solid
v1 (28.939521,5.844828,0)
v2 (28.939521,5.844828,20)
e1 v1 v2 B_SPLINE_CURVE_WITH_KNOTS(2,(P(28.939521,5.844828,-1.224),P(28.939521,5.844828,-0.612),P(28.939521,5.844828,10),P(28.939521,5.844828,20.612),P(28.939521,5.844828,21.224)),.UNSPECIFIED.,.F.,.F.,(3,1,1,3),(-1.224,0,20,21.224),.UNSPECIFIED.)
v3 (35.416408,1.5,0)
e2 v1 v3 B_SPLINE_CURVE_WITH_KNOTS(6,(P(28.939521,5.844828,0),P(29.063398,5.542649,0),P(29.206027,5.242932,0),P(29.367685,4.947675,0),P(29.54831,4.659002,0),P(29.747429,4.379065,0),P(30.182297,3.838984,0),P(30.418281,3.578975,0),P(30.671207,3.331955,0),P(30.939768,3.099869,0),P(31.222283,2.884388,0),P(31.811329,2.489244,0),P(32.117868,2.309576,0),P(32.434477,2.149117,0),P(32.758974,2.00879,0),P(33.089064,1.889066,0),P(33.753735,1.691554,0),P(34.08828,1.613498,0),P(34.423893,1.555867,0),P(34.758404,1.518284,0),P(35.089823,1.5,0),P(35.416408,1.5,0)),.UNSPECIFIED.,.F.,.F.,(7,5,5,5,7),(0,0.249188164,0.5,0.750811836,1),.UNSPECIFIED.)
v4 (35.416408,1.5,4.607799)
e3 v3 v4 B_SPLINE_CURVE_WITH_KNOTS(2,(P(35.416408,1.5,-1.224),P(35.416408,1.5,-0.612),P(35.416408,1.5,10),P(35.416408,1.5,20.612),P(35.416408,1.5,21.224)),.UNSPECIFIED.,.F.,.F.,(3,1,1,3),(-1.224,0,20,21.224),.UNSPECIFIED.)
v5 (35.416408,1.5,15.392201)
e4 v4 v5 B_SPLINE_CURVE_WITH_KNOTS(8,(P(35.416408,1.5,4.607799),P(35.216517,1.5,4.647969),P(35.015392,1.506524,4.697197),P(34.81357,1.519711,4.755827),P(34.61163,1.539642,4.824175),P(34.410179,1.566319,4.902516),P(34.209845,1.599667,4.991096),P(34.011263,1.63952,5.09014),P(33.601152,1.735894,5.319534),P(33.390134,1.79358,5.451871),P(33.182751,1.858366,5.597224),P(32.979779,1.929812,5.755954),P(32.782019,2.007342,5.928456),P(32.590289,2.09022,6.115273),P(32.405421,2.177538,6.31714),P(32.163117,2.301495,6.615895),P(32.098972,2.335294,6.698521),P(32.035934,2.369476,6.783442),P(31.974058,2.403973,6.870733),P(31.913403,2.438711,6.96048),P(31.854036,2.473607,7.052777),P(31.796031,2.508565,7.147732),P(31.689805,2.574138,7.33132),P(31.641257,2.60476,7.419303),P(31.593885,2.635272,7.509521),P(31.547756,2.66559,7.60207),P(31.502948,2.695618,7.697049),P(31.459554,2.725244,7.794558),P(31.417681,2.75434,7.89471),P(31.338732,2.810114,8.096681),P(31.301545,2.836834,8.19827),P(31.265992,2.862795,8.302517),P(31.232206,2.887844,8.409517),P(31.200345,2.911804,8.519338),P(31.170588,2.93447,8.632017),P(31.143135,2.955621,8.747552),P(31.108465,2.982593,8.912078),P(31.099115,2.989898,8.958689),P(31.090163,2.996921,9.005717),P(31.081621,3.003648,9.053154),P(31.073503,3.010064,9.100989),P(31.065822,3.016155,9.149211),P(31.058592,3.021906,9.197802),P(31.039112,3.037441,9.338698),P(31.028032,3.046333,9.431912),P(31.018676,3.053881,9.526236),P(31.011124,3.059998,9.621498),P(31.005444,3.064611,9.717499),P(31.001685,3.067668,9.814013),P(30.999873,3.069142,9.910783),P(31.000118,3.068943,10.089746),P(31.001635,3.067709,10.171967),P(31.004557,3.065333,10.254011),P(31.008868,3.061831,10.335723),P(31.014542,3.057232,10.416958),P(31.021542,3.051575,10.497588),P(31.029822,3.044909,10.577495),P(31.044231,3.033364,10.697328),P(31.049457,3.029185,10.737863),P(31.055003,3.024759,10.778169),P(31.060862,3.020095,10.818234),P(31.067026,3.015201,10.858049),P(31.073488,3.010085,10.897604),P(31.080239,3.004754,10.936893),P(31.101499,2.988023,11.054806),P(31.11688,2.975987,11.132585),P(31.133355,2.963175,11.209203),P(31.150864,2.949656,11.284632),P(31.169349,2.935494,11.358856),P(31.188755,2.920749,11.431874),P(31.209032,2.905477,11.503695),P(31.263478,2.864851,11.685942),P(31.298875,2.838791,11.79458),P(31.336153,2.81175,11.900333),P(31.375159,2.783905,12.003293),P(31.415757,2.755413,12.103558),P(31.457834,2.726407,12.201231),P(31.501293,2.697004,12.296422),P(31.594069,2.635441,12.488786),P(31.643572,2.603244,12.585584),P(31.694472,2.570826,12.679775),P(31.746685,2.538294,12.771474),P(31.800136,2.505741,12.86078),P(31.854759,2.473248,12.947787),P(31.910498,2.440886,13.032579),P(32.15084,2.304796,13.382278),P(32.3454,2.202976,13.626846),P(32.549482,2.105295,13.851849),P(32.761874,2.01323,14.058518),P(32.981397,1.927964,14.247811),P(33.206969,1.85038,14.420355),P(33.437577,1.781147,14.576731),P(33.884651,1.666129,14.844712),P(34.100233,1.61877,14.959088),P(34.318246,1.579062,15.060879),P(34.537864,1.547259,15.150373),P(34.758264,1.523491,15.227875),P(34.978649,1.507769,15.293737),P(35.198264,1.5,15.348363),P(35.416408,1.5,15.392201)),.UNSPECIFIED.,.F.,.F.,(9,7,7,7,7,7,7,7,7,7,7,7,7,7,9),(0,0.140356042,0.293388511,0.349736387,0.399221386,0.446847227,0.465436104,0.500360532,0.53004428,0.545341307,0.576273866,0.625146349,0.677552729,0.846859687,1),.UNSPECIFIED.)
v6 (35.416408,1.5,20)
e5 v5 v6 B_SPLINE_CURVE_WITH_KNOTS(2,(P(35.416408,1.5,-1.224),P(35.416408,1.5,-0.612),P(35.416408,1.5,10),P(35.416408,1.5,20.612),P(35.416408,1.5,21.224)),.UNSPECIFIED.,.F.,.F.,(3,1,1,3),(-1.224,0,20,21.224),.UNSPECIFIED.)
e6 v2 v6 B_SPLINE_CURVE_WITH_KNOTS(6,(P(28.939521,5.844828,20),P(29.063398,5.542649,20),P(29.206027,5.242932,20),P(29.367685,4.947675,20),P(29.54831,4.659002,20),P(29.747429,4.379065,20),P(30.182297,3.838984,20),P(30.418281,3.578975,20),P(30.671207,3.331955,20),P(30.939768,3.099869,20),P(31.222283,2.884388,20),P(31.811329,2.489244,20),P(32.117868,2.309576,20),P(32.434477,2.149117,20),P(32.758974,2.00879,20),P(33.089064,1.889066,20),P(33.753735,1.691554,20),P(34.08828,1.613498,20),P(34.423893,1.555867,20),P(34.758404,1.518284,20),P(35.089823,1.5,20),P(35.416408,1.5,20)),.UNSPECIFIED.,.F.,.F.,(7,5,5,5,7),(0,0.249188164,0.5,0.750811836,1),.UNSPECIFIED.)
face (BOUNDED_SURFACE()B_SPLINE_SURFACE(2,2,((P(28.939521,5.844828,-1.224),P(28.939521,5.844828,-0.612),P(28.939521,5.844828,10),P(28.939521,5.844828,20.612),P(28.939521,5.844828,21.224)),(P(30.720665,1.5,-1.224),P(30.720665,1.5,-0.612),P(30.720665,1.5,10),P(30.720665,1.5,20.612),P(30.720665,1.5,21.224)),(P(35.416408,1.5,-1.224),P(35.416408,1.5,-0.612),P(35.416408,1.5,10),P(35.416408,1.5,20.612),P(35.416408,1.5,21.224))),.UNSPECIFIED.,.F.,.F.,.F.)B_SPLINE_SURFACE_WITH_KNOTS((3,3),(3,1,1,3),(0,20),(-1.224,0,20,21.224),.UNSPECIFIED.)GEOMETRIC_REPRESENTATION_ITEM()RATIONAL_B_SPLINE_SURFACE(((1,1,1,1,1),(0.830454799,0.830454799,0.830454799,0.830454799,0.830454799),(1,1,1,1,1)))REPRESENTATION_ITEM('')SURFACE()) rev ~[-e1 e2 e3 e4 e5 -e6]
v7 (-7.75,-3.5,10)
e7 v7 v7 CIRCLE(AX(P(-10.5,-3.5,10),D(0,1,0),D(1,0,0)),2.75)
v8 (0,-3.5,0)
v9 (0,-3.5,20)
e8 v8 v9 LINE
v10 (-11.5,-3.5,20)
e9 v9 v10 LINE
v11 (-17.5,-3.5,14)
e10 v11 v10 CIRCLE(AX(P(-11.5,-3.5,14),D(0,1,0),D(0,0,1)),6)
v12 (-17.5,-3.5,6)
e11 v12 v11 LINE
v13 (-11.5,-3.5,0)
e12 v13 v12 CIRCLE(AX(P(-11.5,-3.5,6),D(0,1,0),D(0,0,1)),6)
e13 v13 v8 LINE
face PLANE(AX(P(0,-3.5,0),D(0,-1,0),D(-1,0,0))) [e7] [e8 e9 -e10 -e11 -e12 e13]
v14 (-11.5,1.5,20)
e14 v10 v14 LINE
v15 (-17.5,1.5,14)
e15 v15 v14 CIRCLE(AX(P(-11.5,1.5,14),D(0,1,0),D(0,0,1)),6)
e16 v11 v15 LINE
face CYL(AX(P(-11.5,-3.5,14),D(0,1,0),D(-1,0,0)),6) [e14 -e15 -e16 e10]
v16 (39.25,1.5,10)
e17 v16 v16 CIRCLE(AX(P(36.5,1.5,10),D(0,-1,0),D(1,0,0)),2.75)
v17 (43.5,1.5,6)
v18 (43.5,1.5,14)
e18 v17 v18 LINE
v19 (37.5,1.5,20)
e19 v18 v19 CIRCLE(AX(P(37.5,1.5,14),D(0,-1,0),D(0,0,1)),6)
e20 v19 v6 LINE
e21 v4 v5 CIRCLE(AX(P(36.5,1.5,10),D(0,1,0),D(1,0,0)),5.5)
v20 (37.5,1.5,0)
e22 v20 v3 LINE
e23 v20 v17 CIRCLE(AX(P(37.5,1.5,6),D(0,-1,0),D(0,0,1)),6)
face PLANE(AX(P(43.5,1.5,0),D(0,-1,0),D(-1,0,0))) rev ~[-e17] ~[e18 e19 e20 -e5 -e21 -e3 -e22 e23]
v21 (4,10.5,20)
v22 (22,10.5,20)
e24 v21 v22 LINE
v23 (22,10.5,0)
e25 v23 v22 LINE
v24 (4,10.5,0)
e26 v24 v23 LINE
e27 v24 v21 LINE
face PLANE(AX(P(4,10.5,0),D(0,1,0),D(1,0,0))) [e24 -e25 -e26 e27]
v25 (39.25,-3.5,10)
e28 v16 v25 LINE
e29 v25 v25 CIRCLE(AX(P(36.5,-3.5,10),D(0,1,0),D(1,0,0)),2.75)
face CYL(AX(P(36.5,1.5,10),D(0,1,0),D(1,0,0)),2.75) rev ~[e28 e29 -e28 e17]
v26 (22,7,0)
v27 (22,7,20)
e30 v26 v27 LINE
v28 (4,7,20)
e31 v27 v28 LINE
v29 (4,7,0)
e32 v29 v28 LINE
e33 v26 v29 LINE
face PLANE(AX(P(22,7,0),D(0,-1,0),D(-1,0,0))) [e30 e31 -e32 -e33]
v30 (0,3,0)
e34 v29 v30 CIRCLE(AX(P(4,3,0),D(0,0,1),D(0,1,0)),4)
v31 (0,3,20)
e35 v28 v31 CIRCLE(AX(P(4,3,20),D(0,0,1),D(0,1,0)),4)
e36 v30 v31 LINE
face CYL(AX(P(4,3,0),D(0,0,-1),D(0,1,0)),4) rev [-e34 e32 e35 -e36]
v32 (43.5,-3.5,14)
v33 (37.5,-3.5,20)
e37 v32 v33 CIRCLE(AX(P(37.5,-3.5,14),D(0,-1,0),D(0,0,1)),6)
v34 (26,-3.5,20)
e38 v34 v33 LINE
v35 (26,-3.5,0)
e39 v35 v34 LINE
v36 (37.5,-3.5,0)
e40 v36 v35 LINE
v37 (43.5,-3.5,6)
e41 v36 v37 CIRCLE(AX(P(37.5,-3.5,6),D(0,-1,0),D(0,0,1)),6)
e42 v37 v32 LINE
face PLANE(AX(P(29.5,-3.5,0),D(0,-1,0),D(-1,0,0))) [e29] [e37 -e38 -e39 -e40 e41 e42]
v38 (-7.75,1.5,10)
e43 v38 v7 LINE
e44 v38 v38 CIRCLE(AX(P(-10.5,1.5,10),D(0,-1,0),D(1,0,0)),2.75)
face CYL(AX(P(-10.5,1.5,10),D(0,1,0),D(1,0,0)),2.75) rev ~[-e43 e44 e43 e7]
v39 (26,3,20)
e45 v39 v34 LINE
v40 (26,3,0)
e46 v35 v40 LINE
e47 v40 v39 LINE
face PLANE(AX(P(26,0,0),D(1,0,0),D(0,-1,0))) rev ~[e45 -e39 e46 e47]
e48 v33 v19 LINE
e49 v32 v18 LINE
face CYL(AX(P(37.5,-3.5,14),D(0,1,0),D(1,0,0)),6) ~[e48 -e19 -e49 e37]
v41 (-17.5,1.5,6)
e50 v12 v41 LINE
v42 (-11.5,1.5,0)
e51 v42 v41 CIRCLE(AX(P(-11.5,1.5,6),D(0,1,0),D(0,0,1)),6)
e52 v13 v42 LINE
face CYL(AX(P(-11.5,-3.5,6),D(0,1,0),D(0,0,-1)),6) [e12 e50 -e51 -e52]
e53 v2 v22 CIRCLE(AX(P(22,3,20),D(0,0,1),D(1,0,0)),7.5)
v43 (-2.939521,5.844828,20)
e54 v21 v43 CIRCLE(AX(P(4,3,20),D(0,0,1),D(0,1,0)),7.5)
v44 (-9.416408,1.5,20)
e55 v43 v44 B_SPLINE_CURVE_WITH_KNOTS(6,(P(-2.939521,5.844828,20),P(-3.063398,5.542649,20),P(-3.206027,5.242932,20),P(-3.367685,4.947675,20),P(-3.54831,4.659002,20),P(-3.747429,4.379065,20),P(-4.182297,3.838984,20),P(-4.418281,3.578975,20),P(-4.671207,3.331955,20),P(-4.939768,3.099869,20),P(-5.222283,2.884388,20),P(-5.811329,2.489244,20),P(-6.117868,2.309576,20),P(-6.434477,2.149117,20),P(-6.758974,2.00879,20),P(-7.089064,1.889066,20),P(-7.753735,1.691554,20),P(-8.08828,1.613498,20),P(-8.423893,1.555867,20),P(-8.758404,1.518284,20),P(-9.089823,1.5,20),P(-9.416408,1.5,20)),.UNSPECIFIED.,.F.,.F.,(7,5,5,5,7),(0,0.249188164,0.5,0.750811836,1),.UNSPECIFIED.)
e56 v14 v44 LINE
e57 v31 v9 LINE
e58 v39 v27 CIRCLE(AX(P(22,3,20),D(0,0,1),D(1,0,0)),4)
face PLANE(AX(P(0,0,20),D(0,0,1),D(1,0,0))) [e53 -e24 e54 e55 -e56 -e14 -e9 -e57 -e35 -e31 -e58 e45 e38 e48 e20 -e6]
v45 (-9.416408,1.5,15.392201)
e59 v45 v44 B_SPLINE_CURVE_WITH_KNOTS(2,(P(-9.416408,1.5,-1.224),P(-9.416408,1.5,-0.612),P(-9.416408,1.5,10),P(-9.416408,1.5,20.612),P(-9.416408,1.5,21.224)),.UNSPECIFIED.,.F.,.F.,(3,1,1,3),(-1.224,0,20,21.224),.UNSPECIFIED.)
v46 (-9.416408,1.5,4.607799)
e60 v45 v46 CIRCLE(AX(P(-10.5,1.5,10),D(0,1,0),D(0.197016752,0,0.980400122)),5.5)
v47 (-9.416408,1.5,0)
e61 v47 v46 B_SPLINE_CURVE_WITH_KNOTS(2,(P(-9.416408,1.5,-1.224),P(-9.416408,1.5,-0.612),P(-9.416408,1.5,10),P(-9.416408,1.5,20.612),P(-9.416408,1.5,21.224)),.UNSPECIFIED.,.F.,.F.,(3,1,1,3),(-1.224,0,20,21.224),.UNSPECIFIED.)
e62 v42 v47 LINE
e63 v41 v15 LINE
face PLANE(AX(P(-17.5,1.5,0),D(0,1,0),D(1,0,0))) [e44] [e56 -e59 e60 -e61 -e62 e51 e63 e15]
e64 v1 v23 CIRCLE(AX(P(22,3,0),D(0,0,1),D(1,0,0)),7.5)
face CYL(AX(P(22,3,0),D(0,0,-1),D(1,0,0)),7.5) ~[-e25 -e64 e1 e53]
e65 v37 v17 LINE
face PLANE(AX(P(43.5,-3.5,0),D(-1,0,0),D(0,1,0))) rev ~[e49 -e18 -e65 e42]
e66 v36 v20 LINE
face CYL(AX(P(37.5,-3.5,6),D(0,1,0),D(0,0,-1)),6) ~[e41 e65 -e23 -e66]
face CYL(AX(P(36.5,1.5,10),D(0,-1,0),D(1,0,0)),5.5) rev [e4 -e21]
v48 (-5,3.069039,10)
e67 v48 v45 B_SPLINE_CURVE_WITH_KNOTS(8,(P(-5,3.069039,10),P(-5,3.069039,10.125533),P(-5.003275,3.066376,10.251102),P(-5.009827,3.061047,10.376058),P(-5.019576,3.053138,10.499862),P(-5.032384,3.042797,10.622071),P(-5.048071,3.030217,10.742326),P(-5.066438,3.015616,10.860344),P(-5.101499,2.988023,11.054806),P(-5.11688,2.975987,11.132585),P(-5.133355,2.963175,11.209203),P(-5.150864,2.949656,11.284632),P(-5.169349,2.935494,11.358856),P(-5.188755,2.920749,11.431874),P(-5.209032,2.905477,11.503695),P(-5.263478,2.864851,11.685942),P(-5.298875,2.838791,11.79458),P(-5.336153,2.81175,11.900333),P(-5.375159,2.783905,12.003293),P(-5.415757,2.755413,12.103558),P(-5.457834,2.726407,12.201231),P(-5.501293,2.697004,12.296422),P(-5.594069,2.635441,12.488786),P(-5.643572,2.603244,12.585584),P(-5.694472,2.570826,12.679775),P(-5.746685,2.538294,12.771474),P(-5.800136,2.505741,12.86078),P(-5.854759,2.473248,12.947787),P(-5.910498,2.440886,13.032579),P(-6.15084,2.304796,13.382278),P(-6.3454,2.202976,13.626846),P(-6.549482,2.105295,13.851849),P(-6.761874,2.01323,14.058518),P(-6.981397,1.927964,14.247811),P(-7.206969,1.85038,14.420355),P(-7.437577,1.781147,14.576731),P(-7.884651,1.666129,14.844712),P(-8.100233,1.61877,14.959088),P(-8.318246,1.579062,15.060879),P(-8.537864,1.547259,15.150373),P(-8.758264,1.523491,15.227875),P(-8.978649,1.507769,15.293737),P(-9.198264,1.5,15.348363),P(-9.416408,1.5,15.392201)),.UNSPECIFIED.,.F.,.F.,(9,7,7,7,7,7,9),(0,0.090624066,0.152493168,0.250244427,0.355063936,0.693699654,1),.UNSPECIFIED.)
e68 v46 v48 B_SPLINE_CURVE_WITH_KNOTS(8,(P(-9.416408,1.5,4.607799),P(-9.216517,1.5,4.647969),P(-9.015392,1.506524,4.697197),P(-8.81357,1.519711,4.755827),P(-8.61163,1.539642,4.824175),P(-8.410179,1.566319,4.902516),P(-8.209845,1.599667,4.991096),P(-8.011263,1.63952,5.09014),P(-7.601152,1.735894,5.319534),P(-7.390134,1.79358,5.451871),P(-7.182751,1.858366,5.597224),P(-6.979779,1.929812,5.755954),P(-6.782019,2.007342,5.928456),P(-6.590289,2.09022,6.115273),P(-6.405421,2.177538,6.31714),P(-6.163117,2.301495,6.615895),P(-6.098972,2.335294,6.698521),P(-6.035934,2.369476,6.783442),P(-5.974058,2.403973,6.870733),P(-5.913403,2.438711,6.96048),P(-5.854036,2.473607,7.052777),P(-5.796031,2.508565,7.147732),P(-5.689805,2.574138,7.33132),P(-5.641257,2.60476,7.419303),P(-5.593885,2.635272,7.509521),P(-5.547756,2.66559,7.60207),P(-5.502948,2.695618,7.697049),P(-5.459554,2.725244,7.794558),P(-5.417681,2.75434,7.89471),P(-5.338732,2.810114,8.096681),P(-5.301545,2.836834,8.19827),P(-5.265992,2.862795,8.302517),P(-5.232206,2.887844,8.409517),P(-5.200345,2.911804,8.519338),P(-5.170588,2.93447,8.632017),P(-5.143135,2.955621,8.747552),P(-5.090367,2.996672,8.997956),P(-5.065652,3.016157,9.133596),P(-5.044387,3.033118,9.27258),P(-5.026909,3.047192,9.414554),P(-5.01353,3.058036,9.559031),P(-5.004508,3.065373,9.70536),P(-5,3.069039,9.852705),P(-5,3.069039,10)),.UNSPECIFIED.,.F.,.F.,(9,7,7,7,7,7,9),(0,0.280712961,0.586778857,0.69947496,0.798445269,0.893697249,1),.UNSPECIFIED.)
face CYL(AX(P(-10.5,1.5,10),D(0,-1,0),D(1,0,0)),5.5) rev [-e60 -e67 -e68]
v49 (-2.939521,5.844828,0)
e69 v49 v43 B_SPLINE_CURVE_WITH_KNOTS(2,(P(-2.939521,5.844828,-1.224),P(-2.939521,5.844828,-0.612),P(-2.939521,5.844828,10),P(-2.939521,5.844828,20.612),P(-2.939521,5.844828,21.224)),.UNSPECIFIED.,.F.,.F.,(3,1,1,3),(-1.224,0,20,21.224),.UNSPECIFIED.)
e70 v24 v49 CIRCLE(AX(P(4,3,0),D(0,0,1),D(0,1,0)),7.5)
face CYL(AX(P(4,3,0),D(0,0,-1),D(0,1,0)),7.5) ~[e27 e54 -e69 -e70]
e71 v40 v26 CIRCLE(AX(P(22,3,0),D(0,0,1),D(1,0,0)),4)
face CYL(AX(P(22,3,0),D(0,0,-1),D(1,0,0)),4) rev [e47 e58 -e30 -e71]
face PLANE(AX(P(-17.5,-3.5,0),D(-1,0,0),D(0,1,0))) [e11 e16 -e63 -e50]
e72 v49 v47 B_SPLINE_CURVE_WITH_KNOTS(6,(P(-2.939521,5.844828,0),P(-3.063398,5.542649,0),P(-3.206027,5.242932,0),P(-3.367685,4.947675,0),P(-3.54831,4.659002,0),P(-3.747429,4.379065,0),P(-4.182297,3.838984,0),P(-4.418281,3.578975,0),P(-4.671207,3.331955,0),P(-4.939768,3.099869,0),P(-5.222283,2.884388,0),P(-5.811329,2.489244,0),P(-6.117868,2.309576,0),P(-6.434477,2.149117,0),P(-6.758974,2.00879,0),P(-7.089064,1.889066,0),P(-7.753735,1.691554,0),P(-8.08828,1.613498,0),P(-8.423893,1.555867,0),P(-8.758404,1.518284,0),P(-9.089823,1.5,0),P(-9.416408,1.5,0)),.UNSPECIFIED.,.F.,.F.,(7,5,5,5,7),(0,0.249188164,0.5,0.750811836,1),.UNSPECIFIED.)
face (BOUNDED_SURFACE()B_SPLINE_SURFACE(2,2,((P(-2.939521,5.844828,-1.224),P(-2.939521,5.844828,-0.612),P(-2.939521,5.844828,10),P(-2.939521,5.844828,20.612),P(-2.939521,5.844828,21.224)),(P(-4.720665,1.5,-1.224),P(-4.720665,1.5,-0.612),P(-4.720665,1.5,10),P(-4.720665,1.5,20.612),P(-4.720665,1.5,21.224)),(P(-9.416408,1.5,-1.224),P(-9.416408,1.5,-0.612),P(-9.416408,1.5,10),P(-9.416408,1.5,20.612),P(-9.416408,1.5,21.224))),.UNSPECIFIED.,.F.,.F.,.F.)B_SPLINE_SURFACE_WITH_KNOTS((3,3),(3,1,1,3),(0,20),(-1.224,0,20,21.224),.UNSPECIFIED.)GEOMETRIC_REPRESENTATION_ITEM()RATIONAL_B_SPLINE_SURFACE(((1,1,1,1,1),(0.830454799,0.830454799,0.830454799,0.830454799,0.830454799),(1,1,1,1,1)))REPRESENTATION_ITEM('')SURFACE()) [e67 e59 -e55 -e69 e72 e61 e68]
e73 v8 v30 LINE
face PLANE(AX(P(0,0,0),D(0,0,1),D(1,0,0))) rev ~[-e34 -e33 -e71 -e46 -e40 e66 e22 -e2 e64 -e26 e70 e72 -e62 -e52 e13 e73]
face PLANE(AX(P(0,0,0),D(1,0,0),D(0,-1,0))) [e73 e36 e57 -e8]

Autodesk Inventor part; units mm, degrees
ref_plane "YZ Plane" through (0, 0, 0) normal (1, 0, 0) x (0, 1, 0)
ref_plane "XZ Plane" through (0, 0, 0) normal (0, 1, 0) x (-1, 0, 0)
ref_plane "XY Plane" through (0, 0, 0) normal (0, 0, 1) x (1, 0, 0)
sketch "Sketch1" plane through (0, 0, 0) normal (0, 0, 1) x (1, 0, 0)
  line L0 (0, 0) -> (26, 0)
  line L1 (26, 0) -> (26, 3)
  line L2 (22, 7) -> (4, 7)
  line L3 (0, 3) -> (0, 0)
  arc A0 (4, 7) -> (0, 3) centre (4, 3) ccw
  arc A1 (26, 3) -> (22, 7) centre (22, 3) ccw
  line L4 (4, 10.5) -> (22, 10.5)
  arc A2 (29.5, 3) -> (22, 10.5) centre (22, 3) ccw
  line L5 (29.5, 3) -> (29.5, -3.5)
  line L6 (29.5, -3.5) -> (-3.5, -3.5)
  line L7 (-3.5, -3.5) -> (-3.5, 3)
  arc A3 (4, 10.5) -> (-3.5, 3) centre (4, 3) ccw
  line L8 (0, 0) -> (0, -3.5)
  line L9 (26, 0) -> (26, -3.5)
  line L10 (-3.5, -3.5) -> (-17.5, -3.5)
  line L11 (-17.5, -3.5) -> (-17.5, 1.5)
  line L12 (-17.5, 1.5) -> (-3.5, 1.5)
  line L13 (-3.5, 1.5) -> (-3.5, -3.5)
  line L14 (29.5, -3.5) -> (43.5, -3.5)
  line L15 (43.5, -3.5) -> (43.5, 1.5)
  line L16 (43.5, 1.5) -> (29.5, 1.5)
  line L17 (29.5, 1.5) -> (29.5, -3.5)
  point P0 (26, 7)
  point P1 (0, 7)
  dimension "d0" = 26
  dimension "d1" = 7
  dimension "d2" = 4
  dimension "d3" = 3.5
  dimension "d6" = 14
  dimension "d7" = 5
  dimension "d8" = 14
  dimension "d9" = 5
extrude "Extrusion2" add sketch "Sketch1" along normal blind 20 contours L8 L6 L7 A3 L4 A2 L5 L9 L1 A1 L2 A0 L3 | L10 L11 L12 L7 | L5 L16 L15 L14
fillet "Fillet1" radius 7 2 edges at (29.5, 1.5, 10) (-3.5, 1.5, 10)
fillet "Fillet3" radius 6 4 edges at (-17.5, -1, 20) (-17.5, -1, 0) (43.5, -1, 20) (43.5, -1, 0)
sketch "Sketch2" plane through (35.4164, 1.5, 20) normal (0, 1, 0) x (1, 0, 0)
  circle A0 centre (1.0836, 10) radius 2.75
  line L0 (8.0836, 14) -> (8.0836, 6) projected
  circle A1 centre (1.0836, 10) radius 5.5
  line L1 (-13.4164, 20) -> (-31.4164, 20) projected
  line L2 (-22.4164, 20) -> (-22.4164, 23.3018)
  circle A2 centre (-45.9164, 10) radius 2.75
  circle A3 centre (-45.9164, 10) radius 5.5
  point P0 (-35.4164, 20)
  point P1 (8.0836, 10)
  dimension "d16" = 7
  dimension "d17" = 5.5
  dimension "d18" = 11
extrude "Extrusion3" cut sketch "Sketch2" against normal through all contours A0 | A2
extrude "Extrusion4" cut sketch "Sketch2" along normal through all contours A0 | A1 | A2 | A3
properties part number "large-cable-clip"
